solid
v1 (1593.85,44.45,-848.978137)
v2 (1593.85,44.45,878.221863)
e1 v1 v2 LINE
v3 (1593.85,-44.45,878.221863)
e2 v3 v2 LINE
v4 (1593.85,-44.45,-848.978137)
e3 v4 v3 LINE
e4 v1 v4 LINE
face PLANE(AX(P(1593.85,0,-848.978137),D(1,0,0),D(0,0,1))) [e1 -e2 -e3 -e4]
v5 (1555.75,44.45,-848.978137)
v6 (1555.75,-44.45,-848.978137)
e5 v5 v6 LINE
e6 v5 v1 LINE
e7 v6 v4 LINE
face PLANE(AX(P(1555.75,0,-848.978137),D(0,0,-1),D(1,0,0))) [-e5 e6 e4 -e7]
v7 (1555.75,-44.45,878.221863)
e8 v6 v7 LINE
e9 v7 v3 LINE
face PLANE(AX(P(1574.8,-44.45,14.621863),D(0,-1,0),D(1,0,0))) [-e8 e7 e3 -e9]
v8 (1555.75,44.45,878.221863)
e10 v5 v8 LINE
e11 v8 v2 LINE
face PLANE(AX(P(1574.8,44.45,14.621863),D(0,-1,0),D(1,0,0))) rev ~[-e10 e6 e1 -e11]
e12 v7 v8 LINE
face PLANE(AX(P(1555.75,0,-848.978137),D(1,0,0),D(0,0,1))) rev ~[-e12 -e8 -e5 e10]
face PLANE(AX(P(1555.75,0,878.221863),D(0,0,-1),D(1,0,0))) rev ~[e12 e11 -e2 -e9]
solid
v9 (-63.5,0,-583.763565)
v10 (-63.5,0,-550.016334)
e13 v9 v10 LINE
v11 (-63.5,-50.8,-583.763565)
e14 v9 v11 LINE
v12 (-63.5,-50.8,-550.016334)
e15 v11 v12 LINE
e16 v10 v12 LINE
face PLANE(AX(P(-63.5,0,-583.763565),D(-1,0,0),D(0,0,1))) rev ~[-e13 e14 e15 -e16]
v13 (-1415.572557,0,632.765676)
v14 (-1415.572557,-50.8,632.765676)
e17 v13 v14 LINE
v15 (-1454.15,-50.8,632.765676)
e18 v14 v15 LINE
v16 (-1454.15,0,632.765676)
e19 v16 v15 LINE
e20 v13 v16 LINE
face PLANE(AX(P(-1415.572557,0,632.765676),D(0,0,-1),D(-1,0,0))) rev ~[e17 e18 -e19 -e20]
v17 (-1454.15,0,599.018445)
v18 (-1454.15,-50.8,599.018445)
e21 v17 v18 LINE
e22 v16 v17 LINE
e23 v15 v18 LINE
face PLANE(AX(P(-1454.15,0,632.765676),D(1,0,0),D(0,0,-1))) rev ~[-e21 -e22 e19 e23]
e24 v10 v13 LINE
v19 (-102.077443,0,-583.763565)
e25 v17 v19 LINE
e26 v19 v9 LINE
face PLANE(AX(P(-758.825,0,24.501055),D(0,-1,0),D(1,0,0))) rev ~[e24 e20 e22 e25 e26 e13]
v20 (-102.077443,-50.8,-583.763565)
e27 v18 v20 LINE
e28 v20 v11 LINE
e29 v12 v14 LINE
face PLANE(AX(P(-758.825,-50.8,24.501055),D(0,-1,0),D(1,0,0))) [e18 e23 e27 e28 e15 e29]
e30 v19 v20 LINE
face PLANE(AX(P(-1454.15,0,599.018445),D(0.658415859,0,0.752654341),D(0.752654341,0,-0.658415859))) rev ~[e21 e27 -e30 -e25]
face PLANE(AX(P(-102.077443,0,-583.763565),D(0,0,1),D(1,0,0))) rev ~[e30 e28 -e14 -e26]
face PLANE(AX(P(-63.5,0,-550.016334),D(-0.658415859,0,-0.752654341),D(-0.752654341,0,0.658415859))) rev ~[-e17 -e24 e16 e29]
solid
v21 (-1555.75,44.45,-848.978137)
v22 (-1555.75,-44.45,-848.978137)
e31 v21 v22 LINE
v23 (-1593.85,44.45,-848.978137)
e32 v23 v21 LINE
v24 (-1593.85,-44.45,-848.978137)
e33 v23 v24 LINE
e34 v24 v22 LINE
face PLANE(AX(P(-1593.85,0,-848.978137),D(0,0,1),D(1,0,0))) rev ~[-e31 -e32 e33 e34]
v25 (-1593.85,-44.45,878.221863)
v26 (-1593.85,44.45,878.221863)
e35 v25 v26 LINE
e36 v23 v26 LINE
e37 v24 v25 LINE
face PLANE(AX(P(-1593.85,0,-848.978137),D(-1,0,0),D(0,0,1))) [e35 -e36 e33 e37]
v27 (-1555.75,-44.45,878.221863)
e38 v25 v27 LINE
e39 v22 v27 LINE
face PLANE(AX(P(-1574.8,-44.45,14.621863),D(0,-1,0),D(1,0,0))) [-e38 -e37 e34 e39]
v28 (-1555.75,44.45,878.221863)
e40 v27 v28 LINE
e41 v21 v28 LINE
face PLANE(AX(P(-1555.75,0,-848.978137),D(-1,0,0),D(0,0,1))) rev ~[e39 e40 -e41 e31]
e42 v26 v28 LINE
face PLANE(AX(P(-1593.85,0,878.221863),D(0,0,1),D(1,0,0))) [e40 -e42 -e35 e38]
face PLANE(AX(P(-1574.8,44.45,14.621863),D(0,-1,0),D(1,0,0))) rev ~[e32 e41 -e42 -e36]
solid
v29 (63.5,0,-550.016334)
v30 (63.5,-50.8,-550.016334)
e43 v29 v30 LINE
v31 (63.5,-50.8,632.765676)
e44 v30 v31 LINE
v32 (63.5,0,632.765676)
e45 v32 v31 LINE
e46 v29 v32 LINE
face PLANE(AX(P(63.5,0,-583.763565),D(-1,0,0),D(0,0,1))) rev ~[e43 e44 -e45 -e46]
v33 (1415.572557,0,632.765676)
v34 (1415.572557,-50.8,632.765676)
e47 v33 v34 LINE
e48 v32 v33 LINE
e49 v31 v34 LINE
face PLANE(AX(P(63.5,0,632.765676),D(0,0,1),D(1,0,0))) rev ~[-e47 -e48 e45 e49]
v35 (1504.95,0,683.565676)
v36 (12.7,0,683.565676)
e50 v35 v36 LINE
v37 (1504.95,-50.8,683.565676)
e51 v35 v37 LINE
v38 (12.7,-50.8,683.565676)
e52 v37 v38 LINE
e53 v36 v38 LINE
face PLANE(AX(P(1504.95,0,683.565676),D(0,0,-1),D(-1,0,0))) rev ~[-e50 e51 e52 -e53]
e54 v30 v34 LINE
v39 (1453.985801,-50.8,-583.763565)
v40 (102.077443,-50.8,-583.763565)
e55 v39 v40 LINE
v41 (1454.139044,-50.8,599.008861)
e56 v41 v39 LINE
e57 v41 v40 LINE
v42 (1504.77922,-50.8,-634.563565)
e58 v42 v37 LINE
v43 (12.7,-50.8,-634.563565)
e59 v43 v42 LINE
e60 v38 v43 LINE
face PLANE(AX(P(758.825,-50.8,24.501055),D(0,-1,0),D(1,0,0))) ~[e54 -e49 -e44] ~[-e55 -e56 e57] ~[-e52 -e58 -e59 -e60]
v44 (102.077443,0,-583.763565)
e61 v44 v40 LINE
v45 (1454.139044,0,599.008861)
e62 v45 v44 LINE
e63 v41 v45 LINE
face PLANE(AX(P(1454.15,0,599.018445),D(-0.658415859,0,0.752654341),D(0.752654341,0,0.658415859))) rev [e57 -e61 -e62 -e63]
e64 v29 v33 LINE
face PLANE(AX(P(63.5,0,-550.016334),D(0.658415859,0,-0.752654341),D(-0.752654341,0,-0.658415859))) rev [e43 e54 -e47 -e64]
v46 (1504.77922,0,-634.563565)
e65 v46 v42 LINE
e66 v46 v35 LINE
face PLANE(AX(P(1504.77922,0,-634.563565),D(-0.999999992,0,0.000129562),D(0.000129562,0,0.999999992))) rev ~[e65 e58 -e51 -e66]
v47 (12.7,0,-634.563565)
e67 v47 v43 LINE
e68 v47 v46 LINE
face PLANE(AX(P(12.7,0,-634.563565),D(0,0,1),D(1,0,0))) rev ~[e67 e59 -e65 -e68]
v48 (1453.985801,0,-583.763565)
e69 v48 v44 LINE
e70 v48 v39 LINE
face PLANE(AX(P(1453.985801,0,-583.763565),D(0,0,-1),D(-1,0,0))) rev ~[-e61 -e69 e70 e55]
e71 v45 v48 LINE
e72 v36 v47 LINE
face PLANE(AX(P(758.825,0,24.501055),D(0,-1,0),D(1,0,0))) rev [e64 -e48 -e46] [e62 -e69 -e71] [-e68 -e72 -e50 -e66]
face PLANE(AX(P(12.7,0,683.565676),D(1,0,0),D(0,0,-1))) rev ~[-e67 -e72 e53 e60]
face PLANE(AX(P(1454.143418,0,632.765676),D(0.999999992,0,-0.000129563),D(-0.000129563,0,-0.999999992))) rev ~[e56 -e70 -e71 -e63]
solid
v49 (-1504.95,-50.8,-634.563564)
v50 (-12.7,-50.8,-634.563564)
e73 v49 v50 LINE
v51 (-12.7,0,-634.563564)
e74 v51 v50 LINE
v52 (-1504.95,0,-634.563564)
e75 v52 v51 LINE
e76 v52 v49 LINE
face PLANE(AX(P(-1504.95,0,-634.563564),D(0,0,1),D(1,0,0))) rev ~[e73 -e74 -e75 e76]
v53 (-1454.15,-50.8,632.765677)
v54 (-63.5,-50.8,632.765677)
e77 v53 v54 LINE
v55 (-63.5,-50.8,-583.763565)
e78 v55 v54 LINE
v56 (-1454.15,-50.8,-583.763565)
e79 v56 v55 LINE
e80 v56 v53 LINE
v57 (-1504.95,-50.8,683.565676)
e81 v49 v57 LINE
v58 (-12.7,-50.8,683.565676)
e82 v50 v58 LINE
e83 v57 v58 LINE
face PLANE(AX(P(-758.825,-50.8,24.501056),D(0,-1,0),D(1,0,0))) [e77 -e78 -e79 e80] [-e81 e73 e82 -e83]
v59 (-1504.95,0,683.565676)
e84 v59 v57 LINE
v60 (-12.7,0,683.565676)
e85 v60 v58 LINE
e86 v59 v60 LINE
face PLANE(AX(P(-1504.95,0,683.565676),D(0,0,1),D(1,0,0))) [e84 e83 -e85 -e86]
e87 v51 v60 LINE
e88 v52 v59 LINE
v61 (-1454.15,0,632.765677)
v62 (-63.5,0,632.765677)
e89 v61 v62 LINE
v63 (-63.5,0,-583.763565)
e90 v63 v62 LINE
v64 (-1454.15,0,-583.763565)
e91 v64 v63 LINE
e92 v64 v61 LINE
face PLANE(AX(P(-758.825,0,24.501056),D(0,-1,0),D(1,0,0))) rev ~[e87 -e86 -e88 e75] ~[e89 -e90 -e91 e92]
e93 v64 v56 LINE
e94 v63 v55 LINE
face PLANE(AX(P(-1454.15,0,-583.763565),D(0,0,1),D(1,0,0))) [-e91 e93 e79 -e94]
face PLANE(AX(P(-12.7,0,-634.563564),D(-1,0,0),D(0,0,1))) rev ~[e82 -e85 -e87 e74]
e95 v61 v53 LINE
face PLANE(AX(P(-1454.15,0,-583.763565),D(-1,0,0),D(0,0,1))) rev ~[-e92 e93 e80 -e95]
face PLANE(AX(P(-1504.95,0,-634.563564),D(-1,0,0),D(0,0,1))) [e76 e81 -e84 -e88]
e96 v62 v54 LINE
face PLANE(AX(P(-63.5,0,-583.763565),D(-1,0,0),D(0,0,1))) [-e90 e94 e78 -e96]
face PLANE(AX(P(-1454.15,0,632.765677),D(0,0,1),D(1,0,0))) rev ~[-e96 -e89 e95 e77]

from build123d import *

# Parameters (mm, degrees)
F0_W     = 38.1
F0_H     = 1727.2
F1_DEPTH = 44.45
F3_W     = 1492.25
F3_H     = 1318.129241
F3_W_2   = 1390.65
F3_H_2   = 1216.529241
F4_DEPTH = 50.8
F6_DEPTH = 50.8


with BuildPart() as f1:
    # F0 (on Front) → F1 (new body, symmetric)
    with BuildSketch(Plane.XZ):
        with Locations((-1574.8, 14.621863)):
            Rectangle(F0_W, F0_H)
        with Locations((1574.8, 14.621863)):
            Rectangle(F0_W, F0_H)
    extrude(amount=F1_DEPTH, both=True)


with BuildPart() as f4:
    # F3 (on Front) → F4 (new body)
    with BuildSketch(Plane.XZ):
        with Locations((-758.825, 24.501056)):
            Rectangle(F3_W, F3_H)
        with Locations((-758.825, 24.501056)):
            Rectangle(F3_W_2, F3_H_2, mode=Mode.SUBTRACT)
        Polygon((12.7, -634.563565), (1504.77922, -634.563565), (1504.95, 683.565676), (12.7, 683.565676), align=None)
        Polygon((63.5, -583.763565), (63.5, 632.765676), (1454.143418, 632.765676), (1453.985801, -583.763565), align=None, mode=Mode.SUBTRACT)
    extrude(amount=F4_DEPTH)

    # F7: F6 across plane


with BuildPart() as f6:
    # F5 (on Front) → F6 (new body)
    with BuildSketch(Plane.XZ):
        Polygon((-63.5, -550.016334), (-1415.572557, 632.765676), (-1454.15, 632.765676), (-1454.15, 599.018445), (-102.077443, -583.763565), (-63.5, -583.763565), align=None)
    extrude(amount=F6_DEPTH)


with BuildPart() as f4_1:
    add(f4.part)
    add(f6.part.mirror(Plane.YZ))


solid = Compound([f1.part, f6.part, f4_1.part])
